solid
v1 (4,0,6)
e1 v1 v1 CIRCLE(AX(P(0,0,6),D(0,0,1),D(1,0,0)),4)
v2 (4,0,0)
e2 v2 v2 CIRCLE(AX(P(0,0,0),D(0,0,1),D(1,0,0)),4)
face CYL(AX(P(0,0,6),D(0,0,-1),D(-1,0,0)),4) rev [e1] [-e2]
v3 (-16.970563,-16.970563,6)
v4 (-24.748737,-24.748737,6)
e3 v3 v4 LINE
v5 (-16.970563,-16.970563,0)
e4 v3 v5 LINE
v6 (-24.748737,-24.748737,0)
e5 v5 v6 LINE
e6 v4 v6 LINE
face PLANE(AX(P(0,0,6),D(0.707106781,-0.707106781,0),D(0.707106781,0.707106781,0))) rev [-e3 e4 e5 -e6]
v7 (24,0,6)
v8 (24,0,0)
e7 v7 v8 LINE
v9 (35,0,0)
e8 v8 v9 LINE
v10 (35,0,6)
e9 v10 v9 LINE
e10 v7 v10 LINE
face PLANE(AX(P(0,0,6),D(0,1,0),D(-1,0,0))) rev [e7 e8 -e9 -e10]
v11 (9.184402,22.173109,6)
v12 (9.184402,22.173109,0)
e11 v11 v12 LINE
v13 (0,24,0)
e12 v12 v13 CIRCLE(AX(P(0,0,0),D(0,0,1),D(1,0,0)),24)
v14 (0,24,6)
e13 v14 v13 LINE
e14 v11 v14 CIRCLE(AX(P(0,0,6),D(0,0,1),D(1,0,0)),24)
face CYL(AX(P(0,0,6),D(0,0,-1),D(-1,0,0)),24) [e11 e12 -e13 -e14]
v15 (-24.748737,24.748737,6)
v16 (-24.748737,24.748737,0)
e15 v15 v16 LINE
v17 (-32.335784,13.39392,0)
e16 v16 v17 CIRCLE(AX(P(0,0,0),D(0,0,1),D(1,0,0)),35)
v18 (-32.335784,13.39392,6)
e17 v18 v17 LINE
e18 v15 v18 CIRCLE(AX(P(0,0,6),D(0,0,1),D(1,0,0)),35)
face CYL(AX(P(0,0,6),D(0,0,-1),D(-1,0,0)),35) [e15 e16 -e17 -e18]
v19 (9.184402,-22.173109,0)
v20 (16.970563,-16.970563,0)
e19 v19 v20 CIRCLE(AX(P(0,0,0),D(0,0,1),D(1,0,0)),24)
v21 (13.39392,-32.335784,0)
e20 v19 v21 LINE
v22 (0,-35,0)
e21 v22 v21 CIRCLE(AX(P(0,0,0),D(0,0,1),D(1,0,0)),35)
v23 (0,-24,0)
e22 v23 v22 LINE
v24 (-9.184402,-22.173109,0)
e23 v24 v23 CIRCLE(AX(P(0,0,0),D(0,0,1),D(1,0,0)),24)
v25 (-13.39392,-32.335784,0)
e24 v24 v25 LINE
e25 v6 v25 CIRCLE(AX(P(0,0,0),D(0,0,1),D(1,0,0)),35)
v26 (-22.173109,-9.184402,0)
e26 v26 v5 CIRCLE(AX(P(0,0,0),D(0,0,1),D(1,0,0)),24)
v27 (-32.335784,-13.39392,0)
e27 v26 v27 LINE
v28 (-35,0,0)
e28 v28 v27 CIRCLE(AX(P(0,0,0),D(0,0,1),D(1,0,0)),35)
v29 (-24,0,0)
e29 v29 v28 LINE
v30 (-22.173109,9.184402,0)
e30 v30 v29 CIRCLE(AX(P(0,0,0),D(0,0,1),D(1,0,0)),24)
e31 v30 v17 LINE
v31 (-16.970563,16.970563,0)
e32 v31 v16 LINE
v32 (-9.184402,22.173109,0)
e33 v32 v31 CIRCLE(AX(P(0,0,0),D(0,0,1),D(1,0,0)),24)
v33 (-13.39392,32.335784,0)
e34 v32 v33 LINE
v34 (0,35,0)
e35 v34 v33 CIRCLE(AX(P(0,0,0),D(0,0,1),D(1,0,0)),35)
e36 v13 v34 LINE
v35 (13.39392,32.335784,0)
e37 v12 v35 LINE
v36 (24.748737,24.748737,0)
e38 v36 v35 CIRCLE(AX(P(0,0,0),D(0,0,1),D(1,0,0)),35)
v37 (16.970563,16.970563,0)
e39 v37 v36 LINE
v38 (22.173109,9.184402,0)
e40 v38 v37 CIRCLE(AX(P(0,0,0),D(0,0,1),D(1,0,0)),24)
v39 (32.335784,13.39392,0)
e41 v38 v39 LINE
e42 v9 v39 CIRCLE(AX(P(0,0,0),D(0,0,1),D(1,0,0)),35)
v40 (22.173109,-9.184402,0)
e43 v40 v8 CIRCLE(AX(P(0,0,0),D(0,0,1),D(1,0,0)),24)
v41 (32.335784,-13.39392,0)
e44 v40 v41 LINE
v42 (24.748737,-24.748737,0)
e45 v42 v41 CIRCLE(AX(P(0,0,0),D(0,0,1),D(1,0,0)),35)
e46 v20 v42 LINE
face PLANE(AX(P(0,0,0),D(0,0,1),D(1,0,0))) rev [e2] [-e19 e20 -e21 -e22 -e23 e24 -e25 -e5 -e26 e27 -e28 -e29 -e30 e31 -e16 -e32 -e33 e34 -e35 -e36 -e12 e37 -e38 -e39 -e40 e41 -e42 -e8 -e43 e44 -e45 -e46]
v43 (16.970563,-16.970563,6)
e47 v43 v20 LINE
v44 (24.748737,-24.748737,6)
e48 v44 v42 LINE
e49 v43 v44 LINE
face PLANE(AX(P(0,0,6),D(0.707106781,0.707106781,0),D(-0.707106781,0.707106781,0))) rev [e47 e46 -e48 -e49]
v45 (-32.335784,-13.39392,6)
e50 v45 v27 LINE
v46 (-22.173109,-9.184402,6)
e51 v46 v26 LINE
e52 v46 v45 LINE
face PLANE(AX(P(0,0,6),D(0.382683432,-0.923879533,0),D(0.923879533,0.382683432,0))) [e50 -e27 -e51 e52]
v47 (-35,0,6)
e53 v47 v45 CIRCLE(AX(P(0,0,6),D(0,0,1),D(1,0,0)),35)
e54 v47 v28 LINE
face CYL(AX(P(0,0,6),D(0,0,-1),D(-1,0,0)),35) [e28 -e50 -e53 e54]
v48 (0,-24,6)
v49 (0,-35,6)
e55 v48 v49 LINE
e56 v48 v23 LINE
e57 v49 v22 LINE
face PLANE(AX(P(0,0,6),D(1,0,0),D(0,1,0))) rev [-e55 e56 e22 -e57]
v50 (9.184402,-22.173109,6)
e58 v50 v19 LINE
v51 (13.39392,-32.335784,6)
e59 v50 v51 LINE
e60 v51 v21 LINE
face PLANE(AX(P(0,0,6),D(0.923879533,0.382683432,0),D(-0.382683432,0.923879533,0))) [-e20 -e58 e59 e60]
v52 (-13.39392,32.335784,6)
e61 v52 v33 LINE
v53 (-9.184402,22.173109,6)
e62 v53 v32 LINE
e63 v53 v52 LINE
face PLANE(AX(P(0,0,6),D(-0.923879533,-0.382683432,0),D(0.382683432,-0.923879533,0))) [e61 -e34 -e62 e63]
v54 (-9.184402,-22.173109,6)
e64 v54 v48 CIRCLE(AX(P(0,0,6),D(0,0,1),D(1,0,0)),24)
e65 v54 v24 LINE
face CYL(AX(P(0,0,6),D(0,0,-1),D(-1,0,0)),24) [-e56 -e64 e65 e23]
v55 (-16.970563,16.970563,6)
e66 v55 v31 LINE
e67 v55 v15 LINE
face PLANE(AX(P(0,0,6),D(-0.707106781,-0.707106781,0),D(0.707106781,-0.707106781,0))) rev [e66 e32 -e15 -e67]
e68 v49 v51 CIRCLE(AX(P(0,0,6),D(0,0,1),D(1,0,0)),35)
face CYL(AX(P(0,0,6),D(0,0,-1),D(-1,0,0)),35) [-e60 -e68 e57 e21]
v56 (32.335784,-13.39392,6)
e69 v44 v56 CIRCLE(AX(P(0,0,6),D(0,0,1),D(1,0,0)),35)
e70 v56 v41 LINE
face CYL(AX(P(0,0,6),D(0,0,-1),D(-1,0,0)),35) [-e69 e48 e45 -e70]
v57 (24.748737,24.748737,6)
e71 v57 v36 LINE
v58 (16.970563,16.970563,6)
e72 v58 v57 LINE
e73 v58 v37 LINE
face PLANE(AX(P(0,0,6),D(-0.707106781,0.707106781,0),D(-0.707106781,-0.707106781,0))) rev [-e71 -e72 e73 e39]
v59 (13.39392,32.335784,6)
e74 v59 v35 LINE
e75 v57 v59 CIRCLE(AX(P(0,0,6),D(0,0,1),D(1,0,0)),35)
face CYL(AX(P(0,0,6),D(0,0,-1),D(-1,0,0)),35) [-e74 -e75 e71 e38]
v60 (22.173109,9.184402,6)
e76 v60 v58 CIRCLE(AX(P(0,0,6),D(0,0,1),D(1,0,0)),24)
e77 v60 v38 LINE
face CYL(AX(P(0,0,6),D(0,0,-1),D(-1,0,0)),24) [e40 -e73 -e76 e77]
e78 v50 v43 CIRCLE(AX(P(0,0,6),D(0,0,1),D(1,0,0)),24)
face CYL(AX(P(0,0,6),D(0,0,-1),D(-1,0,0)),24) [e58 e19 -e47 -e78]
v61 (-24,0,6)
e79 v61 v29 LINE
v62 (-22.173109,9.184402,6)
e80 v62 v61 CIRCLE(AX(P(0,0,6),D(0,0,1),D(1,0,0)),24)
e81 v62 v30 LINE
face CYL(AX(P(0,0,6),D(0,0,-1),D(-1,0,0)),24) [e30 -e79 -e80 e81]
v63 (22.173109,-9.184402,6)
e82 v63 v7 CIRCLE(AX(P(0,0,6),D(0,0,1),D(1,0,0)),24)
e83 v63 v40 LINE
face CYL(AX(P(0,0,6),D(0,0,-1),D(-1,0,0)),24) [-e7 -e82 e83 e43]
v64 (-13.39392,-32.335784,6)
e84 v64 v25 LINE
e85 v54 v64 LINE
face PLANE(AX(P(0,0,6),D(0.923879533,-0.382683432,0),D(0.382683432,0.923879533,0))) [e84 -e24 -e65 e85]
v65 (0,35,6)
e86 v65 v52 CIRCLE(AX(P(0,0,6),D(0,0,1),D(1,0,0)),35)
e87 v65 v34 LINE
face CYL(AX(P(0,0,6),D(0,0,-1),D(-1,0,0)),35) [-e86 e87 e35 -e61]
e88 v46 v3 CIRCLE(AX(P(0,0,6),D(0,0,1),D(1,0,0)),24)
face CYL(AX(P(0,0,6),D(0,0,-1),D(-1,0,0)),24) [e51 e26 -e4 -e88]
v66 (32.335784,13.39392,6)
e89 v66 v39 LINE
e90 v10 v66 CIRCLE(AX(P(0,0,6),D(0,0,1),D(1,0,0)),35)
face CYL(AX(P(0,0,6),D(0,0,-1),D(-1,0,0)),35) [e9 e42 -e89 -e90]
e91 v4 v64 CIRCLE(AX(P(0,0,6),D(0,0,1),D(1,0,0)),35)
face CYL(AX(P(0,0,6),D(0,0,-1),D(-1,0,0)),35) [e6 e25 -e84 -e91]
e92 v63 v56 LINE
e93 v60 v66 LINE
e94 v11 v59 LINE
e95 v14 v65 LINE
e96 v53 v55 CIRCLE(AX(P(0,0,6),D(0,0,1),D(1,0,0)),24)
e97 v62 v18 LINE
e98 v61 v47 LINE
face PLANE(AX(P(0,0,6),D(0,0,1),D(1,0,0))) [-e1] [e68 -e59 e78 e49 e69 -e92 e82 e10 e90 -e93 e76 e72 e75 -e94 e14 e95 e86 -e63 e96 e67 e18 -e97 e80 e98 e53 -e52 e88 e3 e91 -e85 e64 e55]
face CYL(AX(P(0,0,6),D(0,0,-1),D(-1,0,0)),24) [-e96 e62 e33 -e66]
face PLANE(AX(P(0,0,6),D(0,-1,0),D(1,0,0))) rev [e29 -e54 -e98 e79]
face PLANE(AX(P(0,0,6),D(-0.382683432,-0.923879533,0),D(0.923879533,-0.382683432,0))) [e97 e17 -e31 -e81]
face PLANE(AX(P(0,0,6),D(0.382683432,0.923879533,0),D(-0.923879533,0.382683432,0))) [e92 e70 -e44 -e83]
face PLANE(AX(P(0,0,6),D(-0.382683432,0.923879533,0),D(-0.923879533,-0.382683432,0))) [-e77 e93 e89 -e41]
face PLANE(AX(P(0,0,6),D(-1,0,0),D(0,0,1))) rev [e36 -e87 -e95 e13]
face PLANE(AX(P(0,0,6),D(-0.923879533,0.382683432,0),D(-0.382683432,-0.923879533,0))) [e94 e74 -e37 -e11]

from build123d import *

# Parameters (mm, degrees)
SKETCH1_R           = 4
BOSS_EXTRUDE1_DEPTH = 6


with BuildPart() as part:
    # Sketch1 → Boss-Extrude1 (new body)
    with BuildSketch(Plane.XY):
        with BuildLine():
            Line((-13.393920133, 32.335783638), (-9.184402377, 22.17310878))
            ThreePointArc((-9.184402377, 22.17310878), (-13.333685592, 19.955270695), (-16.970562748, 16.970562748))
            Line((-16.970562748, 16.970562748), (-24.748737342, 24.748737342))
            ThreePointArc((-24.748737342, 24.748737342), (-29.101436431, 19.444958156), (-32.335783638, 13.393920133))
            Line((-32.335783638, 13.393920133), (-22.17310878, 9.184402377))
            ThreePointArc((-22.17310878, 9.184402377), (-23.53884673, 4.682167728), (-24, 0))
            Line((-24, 0), (-35, 0))
            ThreePointArc((-35, 0), (-34.327484814, -6.828161271), (-32.335783638, -13.393920133))
            Line((-32.335783638, -13.393920133), (-22.17310878, -9.184402377))
            ThreePointArc((-22.17310878, -9.184402377), (-19.955270695, -13.333685592), (-16.970562748, -16.970562748))
            Line((-16.970562748, -16.970562748), (-24.748737342, -24.748737342))
            ThreePointArc((-24.748737342, -24.748737342), (-19.444958156, -29.101436431), (-13.393920133, -32.335783638))
            Line((-13.393920133, -32.335783638), (-9.184402377, -22.17310878))
            ThreePointArc((-9.184402377, -22.17310878), (-4.682167728, -23.53884673), (0, -24))
            Line((0, -24), (0, -35))
            ThreePointArc((0, -35), (6.828161271, -34.327484814), (13.393920133, -32.335783638))
            Line((13.393920133, -32.335783638), (9.184402377, -22.17310878))
            ThreePointArc((9.184402377, -22.17310878), (13.333685592, -19.955270695), (16.970562748, -16.970562748))
            Line((16.970562748, -16.970562748), (24.748737342, -24.748737342))
            ThreePointArc((24.748737342, -24.748737342), (29.101436431, -19.444958156), (32.335783638, -13.393920133))
            Line((32.335783638, -13.393920133), (22.17310878, -9.184402377))
            ThreePointArc((22.17310878, -9.184402377), (23.53884673, -4.682167728), (24, 0))
            Line((24, 0), (35, 0))
            ThreePointArc((35, 0), (34.327484814, 6.828161271), (32.335783638, 13.393920133))
            Line((32.335783638, 13.393920133), (22.17310878, 9.184402377))
            ThreePointArc((22.17310878, 9.184402377), (19.955270695, 13.333685592), (16.970562748, 16.970562748))
            Line((16.970562748, 16.970562748), (24.748737342, 24.748737342))
            ThreePointArc((24.748737342, 24.748737342), (19.444958156, 29.101436431), (13.393920133, 32.335783638))
            Line((13.393920133, 32.335783638), (9.184402377, 22.17310878))
            ThreePointArc((9.184402377, 22.17310878), (4.682167728, 23.53884673), (0, 24))
            Line((0, 24), (0, 35))
            ThreePointArc((0, 35), (-6.828161271, 34.327484814), (-13.393920133, 32.335783638))
        make_face()
        Circle(SKETCH1_R, mode=Mode.SUBTRACT)
    extrude(amount=BOSS_EXTRUDE1_DEPTH)


solid = part.part
